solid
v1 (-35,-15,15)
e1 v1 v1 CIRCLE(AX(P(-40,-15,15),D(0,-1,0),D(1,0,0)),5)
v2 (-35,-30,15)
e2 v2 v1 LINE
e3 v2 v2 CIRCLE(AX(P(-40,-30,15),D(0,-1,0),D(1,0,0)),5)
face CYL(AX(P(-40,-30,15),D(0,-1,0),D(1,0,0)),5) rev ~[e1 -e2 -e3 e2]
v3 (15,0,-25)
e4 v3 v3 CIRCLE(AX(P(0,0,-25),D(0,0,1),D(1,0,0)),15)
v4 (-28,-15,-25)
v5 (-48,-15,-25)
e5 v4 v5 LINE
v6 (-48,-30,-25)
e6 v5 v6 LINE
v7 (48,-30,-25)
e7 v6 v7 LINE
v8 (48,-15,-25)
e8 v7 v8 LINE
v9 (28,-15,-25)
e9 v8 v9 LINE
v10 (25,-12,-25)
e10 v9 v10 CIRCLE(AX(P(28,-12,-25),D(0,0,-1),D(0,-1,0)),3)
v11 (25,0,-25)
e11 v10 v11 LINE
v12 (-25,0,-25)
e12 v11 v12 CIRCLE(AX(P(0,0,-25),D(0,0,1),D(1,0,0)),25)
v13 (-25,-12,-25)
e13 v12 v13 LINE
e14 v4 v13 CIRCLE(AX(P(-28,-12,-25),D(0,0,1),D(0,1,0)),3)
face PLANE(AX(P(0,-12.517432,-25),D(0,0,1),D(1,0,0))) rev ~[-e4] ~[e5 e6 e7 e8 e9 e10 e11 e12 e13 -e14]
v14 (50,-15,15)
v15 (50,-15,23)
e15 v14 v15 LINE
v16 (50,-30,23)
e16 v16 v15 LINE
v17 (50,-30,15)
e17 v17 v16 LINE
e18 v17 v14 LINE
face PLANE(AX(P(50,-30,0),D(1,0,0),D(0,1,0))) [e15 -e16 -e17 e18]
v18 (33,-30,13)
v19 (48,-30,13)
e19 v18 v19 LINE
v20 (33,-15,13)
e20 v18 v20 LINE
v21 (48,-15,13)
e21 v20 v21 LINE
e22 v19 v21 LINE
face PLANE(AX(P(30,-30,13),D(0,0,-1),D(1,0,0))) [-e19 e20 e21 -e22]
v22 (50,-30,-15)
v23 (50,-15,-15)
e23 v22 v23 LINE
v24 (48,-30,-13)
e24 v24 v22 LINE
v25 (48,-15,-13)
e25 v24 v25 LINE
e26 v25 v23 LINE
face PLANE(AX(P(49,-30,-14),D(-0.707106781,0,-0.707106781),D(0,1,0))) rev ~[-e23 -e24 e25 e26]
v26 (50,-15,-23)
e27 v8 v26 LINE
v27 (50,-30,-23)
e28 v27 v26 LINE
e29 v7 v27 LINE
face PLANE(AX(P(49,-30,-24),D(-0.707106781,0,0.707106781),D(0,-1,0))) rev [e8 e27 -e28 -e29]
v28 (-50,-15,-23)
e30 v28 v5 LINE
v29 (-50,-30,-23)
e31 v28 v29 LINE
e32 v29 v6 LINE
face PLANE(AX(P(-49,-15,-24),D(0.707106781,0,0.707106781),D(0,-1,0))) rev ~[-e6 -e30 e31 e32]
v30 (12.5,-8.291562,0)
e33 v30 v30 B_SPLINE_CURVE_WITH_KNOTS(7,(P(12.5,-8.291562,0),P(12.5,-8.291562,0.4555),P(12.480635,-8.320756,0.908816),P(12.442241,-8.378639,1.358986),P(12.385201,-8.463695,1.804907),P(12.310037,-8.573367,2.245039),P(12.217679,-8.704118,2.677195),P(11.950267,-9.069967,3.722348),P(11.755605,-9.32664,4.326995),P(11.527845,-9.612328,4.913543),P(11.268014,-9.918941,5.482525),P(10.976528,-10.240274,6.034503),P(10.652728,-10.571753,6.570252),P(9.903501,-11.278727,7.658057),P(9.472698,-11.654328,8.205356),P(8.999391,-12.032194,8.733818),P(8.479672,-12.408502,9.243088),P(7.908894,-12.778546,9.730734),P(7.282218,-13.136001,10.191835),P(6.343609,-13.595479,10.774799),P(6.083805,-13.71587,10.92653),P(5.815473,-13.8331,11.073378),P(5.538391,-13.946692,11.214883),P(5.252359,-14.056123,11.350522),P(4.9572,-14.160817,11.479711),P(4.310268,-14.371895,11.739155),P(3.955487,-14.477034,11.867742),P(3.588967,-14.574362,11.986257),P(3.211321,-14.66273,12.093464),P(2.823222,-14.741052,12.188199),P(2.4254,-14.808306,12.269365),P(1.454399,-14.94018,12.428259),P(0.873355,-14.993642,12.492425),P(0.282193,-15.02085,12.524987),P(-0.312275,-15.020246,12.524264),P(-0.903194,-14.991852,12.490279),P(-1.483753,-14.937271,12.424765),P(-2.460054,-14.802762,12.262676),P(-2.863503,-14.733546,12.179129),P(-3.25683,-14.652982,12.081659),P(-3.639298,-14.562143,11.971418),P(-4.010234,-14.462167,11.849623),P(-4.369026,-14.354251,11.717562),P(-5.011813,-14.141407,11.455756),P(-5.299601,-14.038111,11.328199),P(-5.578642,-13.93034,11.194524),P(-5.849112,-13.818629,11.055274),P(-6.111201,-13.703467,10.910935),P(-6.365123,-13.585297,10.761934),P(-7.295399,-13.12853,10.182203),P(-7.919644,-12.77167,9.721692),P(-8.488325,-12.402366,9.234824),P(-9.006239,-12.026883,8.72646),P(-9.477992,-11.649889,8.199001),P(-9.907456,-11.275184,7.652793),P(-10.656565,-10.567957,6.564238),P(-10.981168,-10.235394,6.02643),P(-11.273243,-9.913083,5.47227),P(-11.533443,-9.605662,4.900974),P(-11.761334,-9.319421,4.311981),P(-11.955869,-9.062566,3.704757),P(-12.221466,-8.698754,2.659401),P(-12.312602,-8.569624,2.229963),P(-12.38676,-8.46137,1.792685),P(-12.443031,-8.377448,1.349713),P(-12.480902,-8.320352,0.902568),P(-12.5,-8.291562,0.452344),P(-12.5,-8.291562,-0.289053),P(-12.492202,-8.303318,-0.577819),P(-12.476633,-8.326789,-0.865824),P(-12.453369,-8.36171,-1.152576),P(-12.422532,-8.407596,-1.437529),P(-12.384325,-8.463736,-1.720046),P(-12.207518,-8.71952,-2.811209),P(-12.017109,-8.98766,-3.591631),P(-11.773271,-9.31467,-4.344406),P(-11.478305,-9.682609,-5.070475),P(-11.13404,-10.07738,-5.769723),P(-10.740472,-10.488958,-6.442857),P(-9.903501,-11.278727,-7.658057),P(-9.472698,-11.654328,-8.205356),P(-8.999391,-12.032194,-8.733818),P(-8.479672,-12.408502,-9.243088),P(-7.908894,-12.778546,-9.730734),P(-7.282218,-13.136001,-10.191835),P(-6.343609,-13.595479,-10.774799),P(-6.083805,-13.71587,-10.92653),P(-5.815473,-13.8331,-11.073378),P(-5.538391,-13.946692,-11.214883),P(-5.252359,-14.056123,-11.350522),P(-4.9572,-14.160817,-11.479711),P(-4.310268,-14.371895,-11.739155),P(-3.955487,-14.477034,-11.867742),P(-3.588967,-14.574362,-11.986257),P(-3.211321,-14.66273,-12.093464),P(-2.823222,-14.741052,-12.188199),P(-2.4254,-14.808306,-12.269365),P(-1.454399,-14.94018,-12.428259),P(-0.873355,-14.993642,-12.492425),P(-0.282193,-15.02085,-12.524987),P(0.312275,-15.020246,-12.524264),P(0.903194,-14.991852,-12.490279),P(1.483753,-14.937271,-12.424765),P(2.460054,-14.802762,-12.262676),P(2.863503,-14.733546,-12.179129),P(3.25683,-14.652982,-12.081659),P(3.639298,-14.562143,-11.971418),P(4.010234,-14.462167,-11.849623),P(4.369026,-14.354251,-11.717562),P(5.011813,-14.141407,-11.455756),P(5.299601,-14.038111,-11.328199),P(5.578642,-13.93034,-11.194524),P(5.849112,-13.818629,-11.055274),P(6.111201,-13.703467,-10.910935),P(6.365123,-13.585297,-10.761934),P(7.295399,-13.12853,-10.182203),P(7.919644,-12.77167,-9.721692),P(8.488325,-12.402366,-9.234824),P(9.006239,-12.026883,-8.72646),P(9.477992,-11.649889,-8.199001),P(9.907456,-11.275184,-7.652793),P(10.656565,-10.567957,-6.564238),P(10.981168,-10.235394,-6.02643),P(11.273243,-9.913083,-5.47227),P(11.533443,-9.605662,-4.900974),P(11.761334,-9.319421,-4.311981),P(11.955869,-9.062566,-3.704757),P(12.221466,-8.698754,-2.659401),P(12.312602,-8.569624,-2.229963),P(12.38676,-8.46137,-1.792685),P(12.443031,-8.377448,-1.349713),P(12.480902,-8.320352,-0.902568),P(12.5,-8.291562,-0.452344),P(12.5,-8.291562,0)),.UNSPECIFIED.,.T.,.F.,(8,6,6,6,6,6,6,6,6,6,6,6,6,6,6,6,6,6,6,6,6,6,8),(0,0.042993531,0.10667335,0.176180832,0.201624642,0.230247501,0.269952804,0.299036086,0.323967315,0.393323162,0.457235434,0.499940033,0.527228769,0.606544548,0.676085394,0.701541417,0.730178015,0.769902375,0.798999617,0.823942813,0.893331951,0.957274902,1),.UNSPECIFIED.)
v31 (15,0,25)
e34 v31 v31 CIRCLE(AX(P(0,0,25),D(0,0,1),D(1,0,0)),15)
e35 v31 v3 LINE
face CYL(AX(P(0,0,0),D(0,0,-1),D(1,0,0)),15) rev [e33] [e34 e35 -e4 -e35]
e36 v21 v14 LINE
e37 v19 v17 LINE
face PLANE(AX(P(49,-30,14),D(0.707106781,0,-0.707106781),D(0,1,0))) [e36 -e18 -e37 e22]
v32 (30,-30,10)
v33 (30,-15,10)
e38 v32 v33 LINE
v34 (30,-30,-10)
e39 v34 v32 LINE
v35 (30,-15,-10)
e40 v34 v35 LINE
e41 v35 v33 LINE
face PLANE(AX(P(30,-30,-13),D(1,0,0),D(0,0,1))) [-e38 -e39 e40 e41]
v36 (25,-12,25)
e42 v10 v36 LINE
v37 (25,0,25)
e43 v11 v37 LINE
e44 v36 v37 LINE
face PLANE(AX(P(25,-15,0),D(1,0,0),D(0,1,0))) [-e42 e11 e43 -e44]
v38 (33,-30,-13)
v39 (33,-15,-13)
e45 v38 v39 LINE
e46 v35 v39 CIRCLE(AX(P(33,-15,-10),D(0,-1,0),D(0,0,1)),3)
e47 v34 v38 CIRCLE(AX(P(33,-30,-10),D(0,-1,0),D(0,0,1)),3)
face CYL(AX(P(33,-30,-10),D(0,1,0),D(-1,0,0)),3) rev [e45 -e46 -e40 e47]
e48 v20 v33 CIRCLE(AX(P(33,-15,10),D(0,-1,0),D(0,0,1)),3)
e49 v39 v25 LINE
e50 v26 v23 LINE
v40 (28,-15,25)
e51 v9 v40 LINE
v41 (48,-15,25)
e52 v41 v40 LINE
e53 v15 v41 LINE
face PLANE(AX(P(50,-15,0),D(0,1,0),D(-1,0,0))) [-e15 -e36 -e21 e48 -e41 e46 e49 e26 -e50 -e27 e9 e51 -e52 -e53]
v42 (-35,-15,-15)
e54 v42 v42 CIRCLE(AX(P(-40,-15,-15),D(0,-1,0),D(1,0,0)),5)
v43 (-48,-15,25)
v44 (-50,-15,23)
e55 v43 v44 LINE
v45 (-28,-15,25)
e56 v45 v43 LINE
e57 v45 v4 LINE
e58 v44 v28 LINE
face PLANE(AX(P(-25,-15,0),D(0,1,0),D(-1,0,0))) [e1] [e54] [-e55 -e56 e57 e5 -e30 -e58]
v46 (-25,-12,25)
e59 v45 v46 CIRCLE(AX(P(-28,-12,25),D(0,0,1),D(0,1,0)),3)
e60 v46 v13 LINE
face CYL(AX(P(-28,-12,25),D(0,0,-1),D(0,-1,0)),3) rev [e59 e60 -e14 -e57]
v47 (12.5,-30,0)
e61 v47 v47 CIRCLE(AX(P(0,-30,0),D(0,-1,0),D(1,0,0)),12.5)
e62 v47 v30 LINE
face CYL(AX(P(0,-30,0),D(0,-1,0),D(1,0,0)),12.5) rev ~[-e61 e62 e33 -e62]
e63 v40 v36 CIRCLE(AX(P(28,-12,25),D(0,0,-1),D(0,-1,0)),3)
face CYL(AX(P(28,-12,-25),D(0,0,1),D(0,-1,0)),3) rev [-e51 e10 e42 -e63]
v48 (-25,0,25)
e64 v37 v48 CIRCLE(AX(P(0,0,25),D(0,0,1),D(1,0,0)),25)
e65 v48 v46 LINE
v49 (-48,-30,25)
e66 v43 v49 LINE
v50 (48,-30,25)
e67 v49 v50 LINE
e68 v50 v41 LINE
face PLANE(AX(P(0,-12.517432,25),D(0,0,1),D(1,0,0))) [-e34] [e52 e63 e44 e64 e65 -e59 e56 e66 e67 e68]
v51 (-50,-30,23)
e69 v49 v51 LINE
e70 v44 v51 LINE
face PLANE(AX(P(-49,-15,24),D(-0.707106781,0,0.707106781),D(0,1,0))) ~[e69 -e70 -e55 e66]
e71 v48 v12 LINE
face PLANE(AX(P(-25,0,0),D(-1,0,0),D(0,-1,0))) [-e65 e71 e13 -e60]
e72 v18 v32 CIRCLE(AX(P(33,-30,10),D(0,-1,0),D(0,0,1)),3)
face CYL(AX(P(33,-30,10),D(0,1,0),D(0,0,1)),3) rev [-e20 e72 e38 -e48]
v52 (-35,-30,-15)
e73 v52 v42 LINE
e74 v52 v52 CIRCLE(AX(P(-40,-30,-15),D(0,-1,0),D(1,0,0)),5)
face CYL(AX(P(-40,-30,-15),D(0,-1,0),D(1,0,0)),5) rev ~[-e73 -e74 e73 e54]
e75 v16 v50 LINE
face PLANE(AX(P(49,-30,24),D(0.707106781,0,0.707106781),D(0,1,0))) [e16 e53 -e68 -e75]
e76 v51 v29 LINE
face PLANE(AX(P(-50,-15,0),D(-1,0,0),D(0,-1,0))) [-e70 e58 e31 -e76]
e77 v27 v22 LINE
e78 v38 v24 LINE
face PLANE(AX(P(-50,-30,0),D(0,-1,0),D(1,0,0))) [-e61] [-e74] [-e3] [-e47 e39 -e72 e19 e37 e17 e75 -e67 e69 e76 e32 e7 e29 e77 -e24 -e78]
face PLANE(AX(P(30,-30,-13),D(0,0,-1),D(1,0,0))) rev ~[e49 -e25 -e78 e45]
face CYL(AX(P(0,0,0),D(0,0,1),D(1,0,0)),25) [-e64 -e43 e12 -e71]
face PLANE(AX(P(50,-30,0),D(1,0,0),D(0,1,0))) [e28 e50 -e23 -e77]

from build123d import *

# Parameters (mm, degrees)
SKETCH1_R           = 15
BOSS_EXTRUDE2_DEPTH = 25
CUT_EXTRUDE1_REACH  = 57
SKETCH3_R           = 12.5
SKETCH3_R_2         = 5
CUT_EXTRUDE2_REACH  = 57
SKETCH5_W           = 20
SKETCH5_H           = 26
FILLET2_R           = 3
CHAMFER1_SIZE       = 2


with BuildPart() as part:
    # Sketch1 → Boss-Extrude2 (new body, symmetric)
    with BuildSketch(Plane.XY):
        with BuildLine():
            Line((-50, -30), (50, -30))
            Line((50, -30), (50, -15))
            Line((50, -15), (25, -15))
            Line((25, -15), (25, 0))
            ThreePointArc((25, 0), (0, 25), (-25, 0))
            Line((-25, 0), (-25, -15))
            Line((-25, -15), (-50, -15))
            Line((-50, -15), (-50, -30))
        make_face()
        Circle(SKETCH1_R, mode=Mode.SUBTRACT)
    extrude(amount=BOSS_EXTRUDE2_DEPTH, both=True)

    # Sketch3 → Cut-Extrude1 (cut, up to next)
    with BuildSketch(Plane.XZ.offset(30), mode=Mode.PRIVATE) as cut_extrude1_sk1:
        Circle(SKETCH3_R)
    cut_extrude1_tool1 = extrude(cut_extrude1_sk1.sketch, amount=-CUT_EXTRUDE1_REACH, mode=Mode.PRIVATE) & part.part
    add(cut_extrude1_tool1.solids().sort_by_distance((0, -30, 0))[0], mode=Mode.SUBTRACT)
    # Sketch3 → Cut-Extrude1 (cut, up to next)
    with BuildSketch(Plane.XZ.offset(30), mode=Mode.PRIVATE) as cut_extrude1_sk2:
        with Locations((-40, 15)):
            Circle(SKETCH3_R_2)
    cut_extrude1_tool2 = extrude(cut_extrude1_sk2.sketch, amount=-CUT_EXTRUDE1_REACH, mode=Mode.PRIVATE) & part.part
    add(cut_extrude1_tool2.solids().sort_by_distance((-40, -30, 15))[0], mode=Mode.SUBTRACT)
    # Sketch3 → Cut-Extrude1 (cut, up to next)
    with BuildSketch(Plane.XZ.offset(30), mode=Mode.PRIVATE) as cut_extrude1_sk3:
        with Locations((-40, -15)):
            Circle(SKETCH3_R_2)
    cut_extrude1_tool3 = extrude(cut_extrude1_sk3.sketch, amount=-CUT_EXTRUDE1_REACH, mode=Mode.PRIVATE) & part.part
    add(cut_extrude1_tool3.solids().sort_by_distance((-40, -30, -15))[0], mode=Mode.SUBTRACT)

    # Sketch5 → Cut-Extrude2 (cut, up to next)
    with BuildSketch(Plane.XZ.offset(30), mode=Mode.PRIVATE) as cut_extrude2_sk1:
        with Locations((40, 0)):
            Rectangle(SKETCH5_W, SKETCH5_H)
    cut_extrude2_tool1 = extrude(cut_extrude2_sk1.sketch, amount=-CUT_EXTRUDE2_REACH, mode=Mode.PRIVATE) & part.part
    add(cut_extrude2_tool1.solids().sort_by_distance((40, -30, 0))[0], mode=Mode.SUBTRACT)

    # Fillet2
    fillet2_edges = [part.edges().sort_by_distance(p)[0] for p in [
        (-25, -15, 0),
        (25, -15, 0),
        (30, -22.5, -13),
        (30, -22.5, 13),
    ]]
    fillet(fillet2_edges, radius=FILLET2_R)

    # Chamfer1
    chamfer1_edges = [part.edges().sort_by_distance(p)[0] for p in [
        (50, -22.5, -25),
        (-50, -22.5, -25),
        (50, -22.5, 25),
        (50, -22.5, 13),
        (50, -22.5, -13),
        (-50, -22.5, 25),
    ]]
    chamfer(chamfer1_edges, length=CHAMFER1_SIZE)


solid = part.part
